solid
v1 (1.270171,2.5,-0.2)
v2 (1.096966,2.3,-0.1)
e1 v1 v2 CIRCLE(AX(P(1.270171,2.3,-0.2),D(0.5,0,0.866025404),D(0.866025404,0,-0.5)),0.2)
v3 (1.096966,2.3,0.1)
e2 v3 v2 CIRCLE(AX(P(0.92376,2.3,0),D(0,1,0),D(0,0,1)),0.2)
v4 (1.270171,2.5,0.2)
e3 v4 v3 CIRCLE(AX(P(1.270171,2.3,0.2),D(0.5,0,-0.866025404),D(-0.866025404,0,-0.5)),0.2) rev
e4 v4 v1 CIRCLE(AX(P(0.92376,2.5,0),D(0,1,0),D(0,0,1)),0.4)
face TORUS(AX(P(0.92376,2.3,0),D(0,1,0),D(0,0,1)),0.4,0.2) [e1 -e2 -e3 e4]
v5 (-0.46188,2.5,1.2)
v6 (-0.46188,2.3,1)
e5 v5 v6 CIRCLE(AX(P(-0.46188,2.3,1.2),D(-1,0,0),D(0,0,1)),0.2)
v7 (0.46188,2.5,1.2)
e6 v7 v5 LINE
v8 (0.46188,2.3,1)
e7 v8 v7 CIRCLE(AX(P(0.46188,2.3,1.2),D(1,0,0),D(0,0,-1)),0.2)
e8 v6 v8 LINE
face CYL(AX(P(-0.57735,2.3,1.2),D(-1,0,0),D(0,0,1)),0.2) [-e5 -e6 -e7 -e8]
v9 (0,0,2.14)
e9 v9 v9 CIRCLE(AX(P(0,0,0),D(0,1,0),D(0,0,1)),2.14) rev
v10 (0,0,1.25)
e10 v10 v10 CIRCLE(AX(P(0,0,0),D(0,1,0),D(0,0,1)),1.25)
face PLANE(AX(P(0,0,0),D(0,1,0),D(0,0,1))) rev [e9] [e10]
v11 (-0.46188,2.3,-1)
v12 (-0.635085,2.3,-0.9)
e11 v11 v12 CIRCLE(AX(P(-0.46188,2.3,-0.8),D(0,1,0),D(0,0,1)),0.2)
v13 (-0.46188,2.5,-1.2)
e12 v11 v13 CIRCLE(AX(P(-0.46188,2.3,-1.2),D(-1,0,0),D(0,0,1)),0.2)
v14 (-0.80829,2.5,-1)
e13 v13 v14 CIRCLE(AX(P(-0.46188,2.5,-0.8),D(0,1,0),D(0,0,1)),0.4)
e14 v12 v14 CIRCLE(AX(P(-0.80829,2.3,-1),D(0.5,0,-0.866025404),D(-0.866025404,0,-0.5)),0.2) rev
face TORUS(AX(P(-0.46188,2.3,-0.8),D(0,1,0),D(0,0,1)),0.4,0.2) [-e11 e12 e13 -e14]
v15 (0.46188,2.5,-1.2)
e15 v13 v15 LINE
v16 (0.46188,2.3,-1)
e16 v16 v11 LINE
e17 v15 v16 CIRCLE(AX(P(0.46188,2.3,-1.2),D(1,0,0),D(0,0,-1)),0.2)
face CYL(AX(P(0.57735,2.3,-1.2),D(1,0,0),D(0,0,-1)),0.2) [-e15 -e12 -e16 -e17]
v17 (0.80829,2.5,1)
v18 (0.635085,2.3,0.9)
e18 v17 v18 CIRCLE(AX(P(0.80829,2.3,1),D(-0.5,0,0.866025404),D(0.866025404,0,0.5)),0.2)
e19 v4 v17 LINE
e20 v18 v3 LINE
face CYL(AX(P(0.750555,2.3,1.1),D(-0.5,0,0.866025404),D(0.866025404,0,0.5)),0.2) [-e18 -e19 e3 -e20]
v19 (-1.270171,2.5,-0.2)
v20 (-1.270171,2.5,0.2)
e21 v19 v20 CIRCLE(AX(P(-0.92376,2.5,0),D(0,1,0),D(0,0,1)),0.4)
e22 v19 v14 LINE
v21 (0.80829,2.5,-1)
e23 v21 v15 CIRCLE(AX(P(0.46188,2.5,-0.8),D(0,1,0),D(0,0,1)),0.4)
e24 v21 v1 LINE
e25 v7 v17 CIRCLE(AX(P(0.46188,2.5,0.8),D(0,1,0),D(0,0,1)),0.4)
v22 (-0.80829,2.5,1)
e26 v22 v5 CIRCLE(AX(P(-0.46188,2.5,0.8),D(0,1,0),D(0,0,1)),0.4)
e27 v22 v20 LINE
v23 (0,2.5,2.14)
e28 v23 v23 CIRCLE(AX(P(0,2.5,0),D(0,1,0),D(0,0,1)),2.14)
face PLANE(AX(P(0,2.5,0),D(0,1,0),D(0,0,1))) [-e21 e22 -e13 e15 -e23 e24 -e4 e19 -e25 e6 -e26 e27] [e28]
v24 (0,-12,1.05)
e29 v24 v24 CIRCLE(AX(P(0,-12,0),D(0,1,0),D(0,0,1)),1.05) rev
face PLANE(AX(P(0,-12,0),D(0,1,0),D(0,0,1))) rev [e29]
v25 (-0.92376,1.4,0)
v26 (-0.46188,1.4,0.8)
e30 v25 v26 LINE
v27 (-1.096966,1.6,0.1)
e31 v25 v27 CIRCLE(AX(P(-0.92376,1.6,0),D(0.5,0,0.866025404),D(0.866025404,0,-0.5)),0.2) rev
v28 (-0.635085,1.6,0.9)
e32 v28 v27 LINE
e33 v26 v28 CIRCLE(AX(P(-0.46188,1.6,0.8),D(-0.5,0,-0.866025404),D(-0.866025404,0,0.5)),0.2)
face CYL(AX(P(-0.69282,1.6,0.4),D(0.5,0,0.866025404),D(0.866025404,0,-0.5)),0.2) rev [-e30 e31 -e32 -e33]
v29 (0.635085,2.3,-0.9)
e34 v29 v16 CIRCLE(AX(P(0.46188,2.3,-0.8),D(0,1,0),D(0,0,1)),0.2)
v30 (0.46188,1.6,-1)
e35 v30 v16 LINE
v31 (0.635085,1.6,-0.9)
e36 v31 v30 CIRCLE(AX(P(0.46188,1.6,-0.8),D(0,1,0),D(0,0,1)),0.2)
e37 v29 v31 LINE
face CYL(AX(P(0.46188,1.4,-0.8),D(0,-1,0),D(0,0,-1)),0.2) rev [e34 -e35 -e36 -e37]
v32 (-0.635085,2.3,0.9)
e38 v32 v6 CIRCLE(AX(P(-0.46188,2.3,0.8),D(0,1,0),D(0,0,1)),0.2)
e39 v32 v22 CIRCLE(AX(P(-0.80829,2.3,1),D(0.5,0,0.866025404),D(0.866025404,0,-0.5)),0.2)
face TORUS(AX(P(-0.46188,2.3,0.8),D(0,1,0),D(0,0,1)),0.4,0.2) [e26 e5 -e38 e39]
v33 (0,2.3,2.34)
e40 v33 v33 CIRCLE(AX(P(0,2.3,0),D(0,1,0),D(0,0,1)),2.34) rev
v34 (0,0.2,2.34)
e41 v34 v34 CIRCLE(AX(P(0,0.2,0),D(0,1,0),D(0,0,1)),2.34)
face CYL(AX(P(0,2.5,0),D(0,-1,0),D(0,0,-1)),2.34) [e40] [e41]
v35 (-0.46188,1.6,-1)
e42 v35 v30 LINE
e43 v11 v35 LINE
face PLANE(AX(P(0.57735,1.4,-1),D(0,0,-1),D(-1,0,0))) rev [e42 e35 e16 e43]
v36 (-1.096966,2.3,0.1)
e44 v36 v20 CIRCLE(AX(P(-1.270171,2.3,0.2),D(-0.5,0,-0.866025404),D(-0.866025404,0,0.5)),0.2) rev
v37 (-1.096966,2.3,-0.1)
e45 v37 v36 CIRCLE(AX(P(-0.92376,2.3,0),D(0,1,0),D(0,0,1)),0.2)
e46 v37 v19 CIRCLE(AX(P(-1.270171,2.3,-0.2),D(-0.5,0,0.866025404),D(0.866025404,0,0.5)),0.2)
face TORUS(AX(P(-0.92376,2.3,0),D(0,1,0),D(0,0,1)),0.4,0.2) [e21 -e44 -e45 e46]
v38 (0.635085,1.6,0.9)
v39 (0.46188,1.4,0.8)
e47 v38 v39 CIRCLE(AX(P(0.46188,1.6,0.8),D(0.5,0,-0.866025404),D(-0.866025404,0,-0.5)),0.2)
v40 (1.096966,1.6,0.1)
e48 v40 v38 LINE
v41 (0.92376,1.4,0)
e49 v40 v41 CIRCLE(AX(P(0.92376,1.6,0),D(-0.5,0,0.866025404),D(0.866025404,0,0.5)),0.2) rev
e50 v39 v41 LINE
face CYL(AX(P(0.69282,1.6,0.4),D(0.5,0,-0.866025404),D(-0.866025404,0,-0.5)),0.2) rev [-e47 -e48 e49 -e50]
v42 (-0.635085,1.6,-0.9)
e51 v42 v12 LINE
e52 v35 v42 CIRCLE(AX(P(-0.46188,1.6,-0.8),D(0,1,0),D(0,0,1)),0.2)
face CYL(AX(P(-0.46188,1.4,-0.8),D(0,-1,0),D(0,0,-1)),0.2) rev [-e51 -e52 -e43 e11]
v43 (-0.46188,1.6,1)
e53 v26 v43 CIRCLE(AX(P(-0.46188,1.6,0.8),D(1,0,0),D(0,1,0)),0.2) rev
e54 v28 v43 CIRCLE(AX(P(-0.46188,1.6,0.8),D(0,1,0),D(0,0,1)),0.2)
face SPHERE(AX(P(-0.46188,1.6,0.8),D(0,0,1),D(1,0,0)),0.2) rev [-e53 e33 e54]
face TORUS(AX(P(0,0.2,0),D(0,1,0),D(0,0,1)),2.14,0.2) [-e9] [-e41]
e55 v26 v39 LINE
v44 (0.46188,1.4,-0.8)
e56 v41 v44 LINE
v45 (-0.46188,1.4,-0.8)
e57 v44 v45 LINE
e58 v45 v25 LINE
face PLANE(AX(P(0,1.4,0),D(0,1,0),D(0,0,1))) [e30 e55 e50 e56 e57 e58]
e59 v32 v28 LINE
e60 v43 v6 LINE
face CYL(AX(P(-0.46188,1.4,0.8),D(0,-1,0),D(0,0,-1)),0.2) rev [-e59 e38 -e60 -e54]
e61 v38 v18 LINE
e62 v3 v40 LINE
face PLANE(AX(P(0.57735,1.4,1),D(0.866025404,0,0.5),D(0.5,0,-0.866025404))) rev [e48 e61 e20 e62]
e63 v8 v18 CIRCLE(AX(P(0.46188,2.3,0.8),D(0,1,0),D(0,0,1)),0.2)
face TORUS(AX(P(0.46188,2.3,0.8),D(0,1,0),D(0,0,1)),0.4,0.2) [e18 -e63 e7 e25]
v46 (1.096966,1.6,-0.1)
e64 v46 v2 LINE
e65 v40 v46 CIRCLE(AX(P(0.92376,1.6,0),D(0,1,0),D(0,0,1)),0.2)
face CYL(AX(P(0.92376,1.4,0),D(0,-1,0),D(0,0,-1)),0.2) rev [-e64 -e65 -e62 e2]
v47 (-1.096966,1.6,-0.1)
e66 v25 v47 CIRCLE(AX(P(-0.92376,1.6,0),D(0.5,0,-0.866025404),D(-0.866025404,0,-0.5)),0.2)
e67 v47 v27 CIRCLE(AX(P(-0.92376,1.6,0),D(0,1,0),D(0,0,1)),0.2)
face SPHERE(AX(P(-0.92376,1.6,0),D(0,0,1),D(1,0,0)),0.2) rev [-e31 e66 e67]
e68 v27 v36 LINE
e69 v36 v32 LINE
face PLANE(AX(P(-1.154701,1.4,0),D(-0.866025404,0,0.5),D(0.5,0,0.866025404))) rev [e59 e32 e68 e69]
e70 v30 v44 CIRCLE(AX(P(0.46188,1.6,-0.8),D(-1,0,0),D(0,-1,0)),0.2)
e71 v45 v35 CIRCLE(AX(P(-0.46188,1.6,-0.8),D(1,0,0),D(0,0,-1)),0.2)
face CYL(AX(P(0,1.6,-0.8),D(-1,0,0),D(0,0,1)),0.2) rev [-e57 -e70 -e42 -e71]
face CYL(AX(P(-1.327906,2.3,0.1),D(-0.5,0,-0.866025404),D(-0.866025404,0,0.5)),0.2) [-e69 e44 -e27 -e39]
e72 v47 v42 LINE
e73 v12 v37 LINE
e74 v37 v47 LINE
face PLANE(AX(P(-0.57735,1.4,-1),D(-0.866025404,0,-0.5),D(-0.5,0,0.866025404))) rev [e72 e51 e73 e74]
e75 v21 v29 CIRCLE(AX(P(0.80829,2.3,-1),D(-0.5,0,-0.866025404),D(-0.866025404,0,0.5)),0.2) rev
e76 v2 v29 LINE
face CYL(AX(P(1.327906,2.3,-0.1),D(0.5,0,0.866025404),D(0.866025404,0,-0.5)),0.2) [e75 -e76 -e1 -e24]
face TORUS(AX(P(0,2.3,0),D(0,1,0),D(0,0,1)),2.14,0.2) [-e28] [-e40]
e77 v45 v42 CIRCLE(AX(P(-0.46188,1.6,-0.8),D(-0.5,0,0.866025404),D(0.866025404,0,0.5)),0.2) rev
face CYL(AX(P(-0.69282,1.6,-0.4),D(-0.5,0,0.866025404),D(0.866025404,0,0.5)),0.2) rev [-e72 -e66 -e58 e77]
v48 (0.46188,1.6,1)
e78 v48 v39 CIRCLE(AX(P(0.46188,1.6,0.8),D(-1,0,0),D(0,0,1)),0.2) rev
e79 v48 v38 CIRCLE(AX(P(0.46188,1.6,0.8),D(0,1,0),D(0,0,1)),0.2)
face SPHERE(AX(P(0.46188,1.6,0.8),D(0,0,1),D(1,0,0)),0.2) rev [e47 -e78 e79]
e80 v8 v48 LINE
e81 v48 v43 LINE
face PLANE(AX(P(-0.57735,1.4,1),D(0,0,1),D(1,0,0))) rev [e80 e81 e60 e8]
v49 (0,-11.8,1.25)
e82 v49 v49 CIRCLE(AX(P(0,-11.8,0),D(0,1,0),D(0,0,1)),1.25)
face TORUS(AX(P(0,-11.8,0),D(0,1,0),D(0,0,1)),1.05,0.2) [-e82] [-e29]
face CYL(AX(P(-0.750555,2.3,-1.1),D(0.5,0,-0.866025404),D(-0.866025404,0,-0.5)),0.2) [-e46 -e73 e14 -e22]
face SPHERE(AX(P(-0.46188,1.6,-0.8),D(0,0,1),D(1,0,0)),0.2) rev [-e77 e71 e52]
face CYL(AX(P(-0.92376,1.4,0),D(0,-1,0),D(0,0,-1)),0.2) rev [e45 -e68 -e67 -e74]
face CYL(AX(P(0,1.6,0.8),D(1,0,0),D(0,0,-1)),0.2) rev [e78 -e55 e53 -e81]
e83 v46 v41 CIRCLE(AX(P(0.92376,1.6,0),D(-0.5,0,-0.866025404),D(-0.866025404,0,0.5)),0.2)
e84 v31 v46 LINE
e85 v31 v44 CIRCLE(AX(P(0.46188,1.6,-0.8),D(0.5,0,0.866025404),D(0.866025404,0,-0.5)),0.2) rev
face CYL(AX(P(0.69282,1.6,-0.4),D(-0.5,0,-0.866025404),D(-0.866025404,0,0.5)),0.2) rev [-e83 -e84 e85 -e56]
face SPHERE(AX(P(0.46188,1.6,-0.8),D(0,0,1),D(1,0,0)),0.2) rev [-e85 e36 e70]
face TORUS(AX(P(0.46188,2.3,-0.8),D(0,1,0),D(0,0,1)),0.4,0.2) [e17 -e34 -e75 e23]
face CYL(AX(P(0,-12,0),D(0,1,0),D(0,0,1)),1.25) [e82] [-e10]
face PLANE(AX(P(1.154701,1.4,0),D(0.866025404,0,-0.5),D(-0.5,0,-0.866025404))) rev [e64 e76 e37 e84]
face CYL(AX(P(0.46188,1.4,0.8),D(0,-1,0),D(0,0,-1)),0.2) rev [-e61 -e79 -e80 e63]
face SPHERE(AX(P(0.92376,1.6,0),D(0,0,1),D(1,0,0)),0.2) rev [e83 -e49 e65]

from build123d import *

# Parameters (mm, degrees)
SKETCH_1_R          = 1.25
EXTRUDE_1_DEPTH     = 12
SKETCH_2_R          = 2.34
EXTRUDE_2_DEPTH     = 2.5
CUT_EXTRUDE_1_DEPTH = 1.1
FILLET_1_R          = 0.2


with BuildPart() as part:
    # 草图1 → 凸台-拉伸1 (new body)
    with BuildSketch(Plane(origin=(0, 0, 0), x_dir=(1, 0, 0), z_dir=(0, 1, 0))):
        Circle(SKETCH_1_R)
    extrude(amount=-EXTRUDE_1_DEPTH)

    # 草图2 → 凸台-拉伸2 (add)
    with BuildSketch(Plane(origin=(0, 0, 0), x_dir=(1, 0, 0), z_dir=(0, 1, 0))):
        Circle(SKETCH_2_R)
    extrude(amount=EXTRUDE_2_DEPTH)

    # 草图3 → 切除-拉伸1 (cut)
    with BuildSketch(Plane(origin=(0, 2.5, 0), x_dir=(1, 0, 0), z_dir=(0, 1, 0))):
        Polygon((1.154700538, 0), (0.577350269, 1), (-0.577350269, 1), (-1.154700538, 0), (-0.577350269, -1), (0.577350269, -1), align=None)
    extrude(amount=-CUT_EXTRUDE_1_DEPTH, mode=Mode.SUBTRACT)

    # 圆角1
    fillet_1_edges = [part.edges().sort_by_distance(p)[0] for p in [
        (0.866025404, 1.4, 0.5),
        (1.154700538, 1.95, 0),
        (0, 1.4, 1),
        (0.577350269, 1.95, 1),
        (-0.866025404, 1.4, 0.5),
        (-0.577350269, 1.95, 1),
        (-0.866025404, 1.4, -0.5),
        (-1.154700538, 1.95, 0),
        (0, 1.4, -1),
        (-0.577350269, 1.95, -1),
        (0.866025404, 1.4, -0.5),
        (0.577350269, 1.95, -1),
        (0.866025404, 2.5, 0.5),
        (0.866025404, 2.5, -0.5),
        (0, 2.5, -1),
        (-0.866025404, 2.5, -0.5),
        (-0.866025404, 2.5, 0.5),
        (0, 2.5, 1),
        (-1.25, -12, 0),
        (-2.34, 0, 0),
        (-2.34, 2.5, 0),
    ]]
    fillet(fillet_1_edges, radius=FILLET_1_R)


solid = part.part
